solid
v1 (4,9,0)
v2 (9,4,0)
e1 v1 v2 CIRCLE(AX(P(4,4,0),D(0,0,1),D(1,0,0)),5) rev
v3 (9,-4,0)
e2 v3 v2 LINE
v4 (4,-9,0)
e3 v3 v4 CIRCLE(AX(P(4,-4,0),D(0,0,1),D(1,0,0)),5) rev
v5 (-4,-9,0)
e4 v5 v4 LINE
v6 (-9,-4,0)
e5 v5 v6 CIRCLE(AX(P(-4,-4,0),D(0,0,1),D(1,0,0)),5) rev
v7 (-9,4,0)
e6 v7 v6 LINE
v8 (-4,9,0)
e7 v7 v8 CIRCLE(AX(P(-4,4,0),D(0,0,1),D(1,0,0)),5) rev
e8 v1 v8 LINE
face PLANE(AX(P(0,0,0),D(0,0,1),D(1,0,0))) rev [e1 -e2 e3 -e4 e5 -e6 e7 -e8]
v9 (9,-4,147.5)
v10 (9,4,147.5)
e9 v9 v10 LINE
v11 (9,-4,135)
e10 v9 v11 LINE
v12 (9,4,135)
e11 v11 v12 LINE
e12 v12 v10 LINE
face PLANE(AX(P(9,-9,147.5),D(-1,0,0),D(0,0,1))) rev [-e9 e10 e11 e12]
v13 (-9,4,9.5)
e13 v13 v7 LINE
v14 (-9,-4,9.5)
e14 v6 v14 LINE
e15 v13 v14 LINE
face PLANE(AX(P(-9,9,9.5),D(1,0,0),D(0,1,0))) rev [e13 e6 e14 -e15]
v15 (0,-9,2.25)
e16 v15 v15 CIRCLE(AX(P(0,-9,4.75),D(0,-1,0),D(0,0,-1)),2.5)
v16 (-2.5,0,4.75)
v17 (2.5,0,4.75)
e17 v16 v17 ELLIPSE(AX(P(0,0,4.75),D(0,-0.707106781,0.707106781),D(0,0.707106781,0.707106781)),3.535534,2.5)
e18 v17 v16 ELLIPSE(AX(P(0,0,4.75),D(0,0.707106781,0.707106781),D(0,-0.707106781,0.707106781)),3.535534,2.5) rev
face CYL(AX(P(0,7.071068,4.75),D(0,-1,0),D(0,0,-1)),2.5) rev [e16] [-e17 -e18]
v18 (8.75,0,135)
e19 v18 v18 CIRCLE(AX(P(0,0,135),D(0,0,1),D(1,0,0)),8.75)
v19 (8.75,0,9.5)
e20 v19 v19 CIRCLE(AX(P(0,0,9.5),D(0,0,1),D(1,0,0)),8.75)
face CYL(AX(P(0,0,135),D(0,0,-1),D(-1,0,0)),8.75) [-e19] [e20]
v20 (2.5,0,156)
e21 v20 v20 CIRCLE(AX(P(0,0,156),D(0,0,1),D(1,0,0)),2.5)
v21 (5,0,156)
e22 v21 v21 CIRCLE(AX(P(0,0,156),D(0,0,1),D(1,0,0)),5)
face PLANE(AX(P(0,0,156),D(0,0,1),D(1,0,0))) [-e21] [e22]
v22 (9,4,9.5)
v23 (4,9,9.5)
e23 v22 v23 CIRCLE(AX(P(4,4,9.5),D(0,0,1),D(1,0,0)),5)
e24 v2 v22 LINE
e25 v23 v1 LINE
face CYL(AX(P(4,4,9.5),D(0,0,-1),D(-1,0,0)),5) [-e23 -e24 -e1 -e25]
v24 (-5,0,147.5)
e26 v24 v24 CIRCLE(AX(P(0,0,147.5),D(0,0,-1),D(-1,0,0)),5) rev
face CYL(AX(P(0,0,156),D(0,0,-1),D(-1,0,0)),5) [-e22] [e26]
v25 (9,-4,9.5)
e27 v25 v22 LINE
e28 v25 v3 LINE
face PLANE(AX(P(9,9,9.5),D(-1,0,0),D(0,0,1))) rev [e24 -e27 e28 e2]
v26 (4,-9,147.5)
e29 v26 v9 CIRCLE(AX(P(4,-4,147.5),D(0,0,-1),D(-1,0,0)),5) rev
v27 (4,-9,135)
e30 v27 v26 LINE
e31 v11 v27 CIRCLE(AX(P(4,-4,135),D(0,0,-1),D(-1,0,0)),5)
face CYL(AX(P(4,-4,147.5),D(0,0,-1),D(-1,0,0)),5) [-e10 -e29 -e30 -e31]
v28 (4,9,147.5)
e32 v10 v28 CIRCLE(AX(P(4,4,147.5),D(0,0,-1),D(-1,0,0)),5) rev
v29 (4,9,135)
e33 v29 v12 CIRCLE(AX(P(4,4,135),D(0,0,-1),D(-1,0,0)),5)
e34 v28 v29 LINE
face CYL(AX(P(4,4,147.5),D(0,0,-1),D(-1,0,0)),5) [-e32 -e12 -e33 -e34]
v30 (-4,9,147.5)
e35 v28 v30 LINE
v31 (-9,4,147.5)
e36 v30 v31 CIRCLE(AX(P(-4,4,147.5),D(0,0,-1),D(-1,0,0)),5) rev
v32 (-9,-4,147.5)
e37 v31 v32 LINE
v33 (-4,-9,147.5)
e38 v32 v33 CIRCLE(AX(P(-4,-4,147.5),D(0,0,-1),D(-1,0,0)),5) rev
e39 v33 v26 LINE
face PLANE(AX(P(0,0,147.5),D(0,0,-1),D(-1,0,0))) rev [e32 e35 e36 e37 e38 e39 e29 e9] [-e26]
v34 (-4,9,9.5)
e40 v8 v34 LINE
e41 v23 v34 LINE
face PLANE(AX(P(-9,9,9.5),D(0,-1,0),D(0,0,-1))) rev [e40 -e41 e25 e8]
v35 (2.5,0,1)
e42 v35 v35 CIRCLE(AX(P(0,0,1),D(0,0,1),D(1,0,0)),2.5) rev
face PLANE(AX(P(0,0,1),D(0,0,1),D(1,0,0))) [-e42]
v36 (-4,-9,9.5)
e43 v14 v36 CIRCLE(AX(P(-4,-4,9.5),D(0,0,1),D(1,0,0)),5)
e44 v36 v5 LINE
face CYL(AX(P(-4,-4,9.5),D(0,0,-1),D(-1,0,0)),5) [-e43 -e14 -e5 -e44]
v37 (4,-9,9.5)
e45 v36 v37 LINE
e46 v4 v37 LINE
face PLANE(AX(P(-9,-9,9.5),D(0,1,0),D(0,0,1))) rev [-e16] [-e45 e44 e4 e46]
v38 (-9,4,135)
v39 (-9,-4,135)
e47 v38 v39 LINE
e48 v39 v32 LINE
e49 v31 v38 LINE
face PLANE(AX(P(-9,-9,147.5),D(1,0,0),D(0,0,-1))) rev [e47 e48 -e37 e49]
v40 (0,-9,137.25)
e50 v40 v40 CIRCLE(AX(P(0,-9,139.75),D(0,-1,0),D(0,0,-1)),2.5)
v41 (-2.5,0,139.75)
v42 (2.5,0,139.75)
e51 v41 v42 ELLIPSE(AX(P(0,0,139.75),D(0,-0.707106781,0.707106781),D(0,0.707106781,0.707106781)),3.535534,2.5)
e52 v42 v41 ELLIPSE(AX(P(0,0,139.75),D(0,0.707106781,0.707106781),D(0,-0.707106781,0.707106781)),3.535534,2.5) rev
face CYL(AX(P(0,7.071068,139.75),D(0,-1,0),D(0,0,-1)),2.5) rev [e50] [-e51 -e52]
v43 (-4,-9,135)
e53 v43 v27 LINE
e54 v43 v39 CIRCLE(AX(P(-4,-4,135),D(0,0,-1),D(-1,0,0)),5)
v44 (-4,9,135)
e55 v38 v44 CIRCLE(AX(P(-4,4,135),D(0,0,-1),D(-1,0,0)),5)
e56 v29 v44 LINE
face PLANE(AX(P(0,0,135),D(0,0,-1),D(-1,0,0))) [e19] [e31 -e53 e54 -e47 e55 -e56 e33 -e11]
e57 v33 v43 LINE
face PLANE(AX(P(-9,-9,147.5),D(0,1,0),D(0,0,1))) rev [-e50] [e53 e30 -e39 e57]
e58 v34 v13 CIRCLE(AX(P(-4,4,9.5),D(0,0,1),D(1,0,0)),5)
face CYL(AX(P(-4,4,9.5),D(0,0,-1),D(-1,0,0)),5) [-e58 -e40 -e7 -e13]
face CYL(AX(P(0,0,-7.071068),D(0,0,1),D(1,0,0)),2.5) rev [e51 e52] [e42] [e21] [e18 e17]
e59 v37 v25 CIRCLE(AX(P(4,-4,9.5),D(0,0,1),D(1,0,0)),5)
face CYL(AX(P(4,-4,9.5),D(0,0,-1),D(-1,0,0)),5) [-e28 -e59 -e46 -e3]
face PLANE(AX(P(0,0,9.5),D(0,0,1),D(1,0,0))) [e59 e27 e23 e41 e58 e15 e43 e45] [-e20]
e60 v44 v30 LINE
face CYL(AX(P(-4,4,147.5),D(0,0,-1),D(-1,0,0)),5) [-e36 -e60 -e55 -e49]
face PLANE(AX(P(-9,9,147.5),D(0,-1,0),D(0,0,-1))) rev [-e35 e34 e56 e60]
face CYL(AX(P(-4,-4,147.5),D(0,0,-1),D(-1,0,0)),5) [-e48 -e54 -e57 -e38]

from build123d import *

# Parameters (mm, degrees)
SKETCH_1_W          = 18
SKETCH_1_H          = 18
EXTRUDE_1_DEPTH     = 9.5
SKETCH_2_R          = 8.75
EXTRUDE_2_DEPTH     = 125.5
SKETCH_3_W          = 18
SKETCH_3_H          = 18
EXTRUDE_3_DEPTH     = 12.5
SKETCH_4_R          = 5
EXTRUDE_4_DEPTH     = 8.5
SKETCH_5_R          = 2.5
CUT_EXTRUDE_1_DEPTH = 155
FILLET_1_R          = 5
CUT_EXTRUDE_2_REACH = 20
SKETCH_6_R          = 2.5


with BuildPart() as part:
    # 草图1 → 凸台-拉伸1 (new body)
    with BuildSketch(Plane.XY):
        Rectangle(SKETCH_1_W, SKETCH_1_H)
    extrude(amount=EXTRUDE_1_DEPTH)

    # 草图2 → 凸台-拉伸2 (add)
    with BuildSketch(Plane.XY.offset(9.5)):
        Circle(SKETCH_2_R)
    extrude(amount=EXTRUDE_2_DEPTH)

    # 草图3 → 凸台-拉伸3 (add)
    with BuildSketch(Plane.XY.offset(135)):
        Rectangle(SKETCH_3_W, SKETCH_3_H)
    extrude(amount=EXTRUDE_3_DEPTH)

    # 草图4 → 凸台-拉伸4 (add)
    with BuildSketch(Plane.XY.offset(147.5)):
        Circle(SKETCH_4_R)
    extrude(amount=EXTRUDE_4_DEPTH)

    # 草图5 → 切除-拉伸1 (cut)
    with BuildSketch(Plane.XY.offset(156)):
        Circle(SKETCH_5_R)
    extrude(amount=-CUT_EXTRUDE_1_DEPTH, mode=Mode.SUBTRACT)

    # 圆角1
    fillet_1_edges = [part.edges().sort_by_distance(p)[0] for p in [
        (9, -9, 141.25),
        (9, 9, 141.25),
        (-9, 9, 141.25),
        (-9, -9, 141.25),
        (9, -9, 4.75),
        (-9, -9, 4.75),
        (-9, 9, 4.75),
        (9, 9, 4.75),
    ]]
    fillet(fillet_1_edges, radius=FILLET_1_R)

    # 草图6 → 切除-拉伸2 (cut, up to next)
    with BuildSketch(Plane.XZ.offset(9), mode=Mode.PRIVATE) as cut_extrude_2_sk1:
        with Locations((0, 4.75)):
            Circle(SKETCH_6_R)
    cut_extrude_2_tool1 = extrude(cut_extrude_2_sk1.sketch, amount=-CUT_EXTRUDE_2_REACH, mode=Mode.PRIVATE) & part.part
    add(cut_extrude_2_tool1.solids().sort_by_distance((0, -9, 4.75))[0], mode=Mode.SUBTRACT)
    # 草图6 → 切除-拉伸2 (cut, up to next)
    with BuildSketch(Plane.XZ.offset(9), mode=Mode.PRIVATE) as cut_extrude_2_sk2:
        with Locations((0, 139.75)):
            Circle(SKETCH_6_R)
    cut_extrude_2_tool2 = extrude(cut_extrude_2_sk2.sketch, amount=-CUT_EXTRUDE_2_REACH, mode=Mode.PRIVATE) & part.part
    add(cut_extrude_2_tool2.solids().sort_by_distance((0, -9, 139.75))[0], mode=Mode.SUBTRACT)


solid = part.part
